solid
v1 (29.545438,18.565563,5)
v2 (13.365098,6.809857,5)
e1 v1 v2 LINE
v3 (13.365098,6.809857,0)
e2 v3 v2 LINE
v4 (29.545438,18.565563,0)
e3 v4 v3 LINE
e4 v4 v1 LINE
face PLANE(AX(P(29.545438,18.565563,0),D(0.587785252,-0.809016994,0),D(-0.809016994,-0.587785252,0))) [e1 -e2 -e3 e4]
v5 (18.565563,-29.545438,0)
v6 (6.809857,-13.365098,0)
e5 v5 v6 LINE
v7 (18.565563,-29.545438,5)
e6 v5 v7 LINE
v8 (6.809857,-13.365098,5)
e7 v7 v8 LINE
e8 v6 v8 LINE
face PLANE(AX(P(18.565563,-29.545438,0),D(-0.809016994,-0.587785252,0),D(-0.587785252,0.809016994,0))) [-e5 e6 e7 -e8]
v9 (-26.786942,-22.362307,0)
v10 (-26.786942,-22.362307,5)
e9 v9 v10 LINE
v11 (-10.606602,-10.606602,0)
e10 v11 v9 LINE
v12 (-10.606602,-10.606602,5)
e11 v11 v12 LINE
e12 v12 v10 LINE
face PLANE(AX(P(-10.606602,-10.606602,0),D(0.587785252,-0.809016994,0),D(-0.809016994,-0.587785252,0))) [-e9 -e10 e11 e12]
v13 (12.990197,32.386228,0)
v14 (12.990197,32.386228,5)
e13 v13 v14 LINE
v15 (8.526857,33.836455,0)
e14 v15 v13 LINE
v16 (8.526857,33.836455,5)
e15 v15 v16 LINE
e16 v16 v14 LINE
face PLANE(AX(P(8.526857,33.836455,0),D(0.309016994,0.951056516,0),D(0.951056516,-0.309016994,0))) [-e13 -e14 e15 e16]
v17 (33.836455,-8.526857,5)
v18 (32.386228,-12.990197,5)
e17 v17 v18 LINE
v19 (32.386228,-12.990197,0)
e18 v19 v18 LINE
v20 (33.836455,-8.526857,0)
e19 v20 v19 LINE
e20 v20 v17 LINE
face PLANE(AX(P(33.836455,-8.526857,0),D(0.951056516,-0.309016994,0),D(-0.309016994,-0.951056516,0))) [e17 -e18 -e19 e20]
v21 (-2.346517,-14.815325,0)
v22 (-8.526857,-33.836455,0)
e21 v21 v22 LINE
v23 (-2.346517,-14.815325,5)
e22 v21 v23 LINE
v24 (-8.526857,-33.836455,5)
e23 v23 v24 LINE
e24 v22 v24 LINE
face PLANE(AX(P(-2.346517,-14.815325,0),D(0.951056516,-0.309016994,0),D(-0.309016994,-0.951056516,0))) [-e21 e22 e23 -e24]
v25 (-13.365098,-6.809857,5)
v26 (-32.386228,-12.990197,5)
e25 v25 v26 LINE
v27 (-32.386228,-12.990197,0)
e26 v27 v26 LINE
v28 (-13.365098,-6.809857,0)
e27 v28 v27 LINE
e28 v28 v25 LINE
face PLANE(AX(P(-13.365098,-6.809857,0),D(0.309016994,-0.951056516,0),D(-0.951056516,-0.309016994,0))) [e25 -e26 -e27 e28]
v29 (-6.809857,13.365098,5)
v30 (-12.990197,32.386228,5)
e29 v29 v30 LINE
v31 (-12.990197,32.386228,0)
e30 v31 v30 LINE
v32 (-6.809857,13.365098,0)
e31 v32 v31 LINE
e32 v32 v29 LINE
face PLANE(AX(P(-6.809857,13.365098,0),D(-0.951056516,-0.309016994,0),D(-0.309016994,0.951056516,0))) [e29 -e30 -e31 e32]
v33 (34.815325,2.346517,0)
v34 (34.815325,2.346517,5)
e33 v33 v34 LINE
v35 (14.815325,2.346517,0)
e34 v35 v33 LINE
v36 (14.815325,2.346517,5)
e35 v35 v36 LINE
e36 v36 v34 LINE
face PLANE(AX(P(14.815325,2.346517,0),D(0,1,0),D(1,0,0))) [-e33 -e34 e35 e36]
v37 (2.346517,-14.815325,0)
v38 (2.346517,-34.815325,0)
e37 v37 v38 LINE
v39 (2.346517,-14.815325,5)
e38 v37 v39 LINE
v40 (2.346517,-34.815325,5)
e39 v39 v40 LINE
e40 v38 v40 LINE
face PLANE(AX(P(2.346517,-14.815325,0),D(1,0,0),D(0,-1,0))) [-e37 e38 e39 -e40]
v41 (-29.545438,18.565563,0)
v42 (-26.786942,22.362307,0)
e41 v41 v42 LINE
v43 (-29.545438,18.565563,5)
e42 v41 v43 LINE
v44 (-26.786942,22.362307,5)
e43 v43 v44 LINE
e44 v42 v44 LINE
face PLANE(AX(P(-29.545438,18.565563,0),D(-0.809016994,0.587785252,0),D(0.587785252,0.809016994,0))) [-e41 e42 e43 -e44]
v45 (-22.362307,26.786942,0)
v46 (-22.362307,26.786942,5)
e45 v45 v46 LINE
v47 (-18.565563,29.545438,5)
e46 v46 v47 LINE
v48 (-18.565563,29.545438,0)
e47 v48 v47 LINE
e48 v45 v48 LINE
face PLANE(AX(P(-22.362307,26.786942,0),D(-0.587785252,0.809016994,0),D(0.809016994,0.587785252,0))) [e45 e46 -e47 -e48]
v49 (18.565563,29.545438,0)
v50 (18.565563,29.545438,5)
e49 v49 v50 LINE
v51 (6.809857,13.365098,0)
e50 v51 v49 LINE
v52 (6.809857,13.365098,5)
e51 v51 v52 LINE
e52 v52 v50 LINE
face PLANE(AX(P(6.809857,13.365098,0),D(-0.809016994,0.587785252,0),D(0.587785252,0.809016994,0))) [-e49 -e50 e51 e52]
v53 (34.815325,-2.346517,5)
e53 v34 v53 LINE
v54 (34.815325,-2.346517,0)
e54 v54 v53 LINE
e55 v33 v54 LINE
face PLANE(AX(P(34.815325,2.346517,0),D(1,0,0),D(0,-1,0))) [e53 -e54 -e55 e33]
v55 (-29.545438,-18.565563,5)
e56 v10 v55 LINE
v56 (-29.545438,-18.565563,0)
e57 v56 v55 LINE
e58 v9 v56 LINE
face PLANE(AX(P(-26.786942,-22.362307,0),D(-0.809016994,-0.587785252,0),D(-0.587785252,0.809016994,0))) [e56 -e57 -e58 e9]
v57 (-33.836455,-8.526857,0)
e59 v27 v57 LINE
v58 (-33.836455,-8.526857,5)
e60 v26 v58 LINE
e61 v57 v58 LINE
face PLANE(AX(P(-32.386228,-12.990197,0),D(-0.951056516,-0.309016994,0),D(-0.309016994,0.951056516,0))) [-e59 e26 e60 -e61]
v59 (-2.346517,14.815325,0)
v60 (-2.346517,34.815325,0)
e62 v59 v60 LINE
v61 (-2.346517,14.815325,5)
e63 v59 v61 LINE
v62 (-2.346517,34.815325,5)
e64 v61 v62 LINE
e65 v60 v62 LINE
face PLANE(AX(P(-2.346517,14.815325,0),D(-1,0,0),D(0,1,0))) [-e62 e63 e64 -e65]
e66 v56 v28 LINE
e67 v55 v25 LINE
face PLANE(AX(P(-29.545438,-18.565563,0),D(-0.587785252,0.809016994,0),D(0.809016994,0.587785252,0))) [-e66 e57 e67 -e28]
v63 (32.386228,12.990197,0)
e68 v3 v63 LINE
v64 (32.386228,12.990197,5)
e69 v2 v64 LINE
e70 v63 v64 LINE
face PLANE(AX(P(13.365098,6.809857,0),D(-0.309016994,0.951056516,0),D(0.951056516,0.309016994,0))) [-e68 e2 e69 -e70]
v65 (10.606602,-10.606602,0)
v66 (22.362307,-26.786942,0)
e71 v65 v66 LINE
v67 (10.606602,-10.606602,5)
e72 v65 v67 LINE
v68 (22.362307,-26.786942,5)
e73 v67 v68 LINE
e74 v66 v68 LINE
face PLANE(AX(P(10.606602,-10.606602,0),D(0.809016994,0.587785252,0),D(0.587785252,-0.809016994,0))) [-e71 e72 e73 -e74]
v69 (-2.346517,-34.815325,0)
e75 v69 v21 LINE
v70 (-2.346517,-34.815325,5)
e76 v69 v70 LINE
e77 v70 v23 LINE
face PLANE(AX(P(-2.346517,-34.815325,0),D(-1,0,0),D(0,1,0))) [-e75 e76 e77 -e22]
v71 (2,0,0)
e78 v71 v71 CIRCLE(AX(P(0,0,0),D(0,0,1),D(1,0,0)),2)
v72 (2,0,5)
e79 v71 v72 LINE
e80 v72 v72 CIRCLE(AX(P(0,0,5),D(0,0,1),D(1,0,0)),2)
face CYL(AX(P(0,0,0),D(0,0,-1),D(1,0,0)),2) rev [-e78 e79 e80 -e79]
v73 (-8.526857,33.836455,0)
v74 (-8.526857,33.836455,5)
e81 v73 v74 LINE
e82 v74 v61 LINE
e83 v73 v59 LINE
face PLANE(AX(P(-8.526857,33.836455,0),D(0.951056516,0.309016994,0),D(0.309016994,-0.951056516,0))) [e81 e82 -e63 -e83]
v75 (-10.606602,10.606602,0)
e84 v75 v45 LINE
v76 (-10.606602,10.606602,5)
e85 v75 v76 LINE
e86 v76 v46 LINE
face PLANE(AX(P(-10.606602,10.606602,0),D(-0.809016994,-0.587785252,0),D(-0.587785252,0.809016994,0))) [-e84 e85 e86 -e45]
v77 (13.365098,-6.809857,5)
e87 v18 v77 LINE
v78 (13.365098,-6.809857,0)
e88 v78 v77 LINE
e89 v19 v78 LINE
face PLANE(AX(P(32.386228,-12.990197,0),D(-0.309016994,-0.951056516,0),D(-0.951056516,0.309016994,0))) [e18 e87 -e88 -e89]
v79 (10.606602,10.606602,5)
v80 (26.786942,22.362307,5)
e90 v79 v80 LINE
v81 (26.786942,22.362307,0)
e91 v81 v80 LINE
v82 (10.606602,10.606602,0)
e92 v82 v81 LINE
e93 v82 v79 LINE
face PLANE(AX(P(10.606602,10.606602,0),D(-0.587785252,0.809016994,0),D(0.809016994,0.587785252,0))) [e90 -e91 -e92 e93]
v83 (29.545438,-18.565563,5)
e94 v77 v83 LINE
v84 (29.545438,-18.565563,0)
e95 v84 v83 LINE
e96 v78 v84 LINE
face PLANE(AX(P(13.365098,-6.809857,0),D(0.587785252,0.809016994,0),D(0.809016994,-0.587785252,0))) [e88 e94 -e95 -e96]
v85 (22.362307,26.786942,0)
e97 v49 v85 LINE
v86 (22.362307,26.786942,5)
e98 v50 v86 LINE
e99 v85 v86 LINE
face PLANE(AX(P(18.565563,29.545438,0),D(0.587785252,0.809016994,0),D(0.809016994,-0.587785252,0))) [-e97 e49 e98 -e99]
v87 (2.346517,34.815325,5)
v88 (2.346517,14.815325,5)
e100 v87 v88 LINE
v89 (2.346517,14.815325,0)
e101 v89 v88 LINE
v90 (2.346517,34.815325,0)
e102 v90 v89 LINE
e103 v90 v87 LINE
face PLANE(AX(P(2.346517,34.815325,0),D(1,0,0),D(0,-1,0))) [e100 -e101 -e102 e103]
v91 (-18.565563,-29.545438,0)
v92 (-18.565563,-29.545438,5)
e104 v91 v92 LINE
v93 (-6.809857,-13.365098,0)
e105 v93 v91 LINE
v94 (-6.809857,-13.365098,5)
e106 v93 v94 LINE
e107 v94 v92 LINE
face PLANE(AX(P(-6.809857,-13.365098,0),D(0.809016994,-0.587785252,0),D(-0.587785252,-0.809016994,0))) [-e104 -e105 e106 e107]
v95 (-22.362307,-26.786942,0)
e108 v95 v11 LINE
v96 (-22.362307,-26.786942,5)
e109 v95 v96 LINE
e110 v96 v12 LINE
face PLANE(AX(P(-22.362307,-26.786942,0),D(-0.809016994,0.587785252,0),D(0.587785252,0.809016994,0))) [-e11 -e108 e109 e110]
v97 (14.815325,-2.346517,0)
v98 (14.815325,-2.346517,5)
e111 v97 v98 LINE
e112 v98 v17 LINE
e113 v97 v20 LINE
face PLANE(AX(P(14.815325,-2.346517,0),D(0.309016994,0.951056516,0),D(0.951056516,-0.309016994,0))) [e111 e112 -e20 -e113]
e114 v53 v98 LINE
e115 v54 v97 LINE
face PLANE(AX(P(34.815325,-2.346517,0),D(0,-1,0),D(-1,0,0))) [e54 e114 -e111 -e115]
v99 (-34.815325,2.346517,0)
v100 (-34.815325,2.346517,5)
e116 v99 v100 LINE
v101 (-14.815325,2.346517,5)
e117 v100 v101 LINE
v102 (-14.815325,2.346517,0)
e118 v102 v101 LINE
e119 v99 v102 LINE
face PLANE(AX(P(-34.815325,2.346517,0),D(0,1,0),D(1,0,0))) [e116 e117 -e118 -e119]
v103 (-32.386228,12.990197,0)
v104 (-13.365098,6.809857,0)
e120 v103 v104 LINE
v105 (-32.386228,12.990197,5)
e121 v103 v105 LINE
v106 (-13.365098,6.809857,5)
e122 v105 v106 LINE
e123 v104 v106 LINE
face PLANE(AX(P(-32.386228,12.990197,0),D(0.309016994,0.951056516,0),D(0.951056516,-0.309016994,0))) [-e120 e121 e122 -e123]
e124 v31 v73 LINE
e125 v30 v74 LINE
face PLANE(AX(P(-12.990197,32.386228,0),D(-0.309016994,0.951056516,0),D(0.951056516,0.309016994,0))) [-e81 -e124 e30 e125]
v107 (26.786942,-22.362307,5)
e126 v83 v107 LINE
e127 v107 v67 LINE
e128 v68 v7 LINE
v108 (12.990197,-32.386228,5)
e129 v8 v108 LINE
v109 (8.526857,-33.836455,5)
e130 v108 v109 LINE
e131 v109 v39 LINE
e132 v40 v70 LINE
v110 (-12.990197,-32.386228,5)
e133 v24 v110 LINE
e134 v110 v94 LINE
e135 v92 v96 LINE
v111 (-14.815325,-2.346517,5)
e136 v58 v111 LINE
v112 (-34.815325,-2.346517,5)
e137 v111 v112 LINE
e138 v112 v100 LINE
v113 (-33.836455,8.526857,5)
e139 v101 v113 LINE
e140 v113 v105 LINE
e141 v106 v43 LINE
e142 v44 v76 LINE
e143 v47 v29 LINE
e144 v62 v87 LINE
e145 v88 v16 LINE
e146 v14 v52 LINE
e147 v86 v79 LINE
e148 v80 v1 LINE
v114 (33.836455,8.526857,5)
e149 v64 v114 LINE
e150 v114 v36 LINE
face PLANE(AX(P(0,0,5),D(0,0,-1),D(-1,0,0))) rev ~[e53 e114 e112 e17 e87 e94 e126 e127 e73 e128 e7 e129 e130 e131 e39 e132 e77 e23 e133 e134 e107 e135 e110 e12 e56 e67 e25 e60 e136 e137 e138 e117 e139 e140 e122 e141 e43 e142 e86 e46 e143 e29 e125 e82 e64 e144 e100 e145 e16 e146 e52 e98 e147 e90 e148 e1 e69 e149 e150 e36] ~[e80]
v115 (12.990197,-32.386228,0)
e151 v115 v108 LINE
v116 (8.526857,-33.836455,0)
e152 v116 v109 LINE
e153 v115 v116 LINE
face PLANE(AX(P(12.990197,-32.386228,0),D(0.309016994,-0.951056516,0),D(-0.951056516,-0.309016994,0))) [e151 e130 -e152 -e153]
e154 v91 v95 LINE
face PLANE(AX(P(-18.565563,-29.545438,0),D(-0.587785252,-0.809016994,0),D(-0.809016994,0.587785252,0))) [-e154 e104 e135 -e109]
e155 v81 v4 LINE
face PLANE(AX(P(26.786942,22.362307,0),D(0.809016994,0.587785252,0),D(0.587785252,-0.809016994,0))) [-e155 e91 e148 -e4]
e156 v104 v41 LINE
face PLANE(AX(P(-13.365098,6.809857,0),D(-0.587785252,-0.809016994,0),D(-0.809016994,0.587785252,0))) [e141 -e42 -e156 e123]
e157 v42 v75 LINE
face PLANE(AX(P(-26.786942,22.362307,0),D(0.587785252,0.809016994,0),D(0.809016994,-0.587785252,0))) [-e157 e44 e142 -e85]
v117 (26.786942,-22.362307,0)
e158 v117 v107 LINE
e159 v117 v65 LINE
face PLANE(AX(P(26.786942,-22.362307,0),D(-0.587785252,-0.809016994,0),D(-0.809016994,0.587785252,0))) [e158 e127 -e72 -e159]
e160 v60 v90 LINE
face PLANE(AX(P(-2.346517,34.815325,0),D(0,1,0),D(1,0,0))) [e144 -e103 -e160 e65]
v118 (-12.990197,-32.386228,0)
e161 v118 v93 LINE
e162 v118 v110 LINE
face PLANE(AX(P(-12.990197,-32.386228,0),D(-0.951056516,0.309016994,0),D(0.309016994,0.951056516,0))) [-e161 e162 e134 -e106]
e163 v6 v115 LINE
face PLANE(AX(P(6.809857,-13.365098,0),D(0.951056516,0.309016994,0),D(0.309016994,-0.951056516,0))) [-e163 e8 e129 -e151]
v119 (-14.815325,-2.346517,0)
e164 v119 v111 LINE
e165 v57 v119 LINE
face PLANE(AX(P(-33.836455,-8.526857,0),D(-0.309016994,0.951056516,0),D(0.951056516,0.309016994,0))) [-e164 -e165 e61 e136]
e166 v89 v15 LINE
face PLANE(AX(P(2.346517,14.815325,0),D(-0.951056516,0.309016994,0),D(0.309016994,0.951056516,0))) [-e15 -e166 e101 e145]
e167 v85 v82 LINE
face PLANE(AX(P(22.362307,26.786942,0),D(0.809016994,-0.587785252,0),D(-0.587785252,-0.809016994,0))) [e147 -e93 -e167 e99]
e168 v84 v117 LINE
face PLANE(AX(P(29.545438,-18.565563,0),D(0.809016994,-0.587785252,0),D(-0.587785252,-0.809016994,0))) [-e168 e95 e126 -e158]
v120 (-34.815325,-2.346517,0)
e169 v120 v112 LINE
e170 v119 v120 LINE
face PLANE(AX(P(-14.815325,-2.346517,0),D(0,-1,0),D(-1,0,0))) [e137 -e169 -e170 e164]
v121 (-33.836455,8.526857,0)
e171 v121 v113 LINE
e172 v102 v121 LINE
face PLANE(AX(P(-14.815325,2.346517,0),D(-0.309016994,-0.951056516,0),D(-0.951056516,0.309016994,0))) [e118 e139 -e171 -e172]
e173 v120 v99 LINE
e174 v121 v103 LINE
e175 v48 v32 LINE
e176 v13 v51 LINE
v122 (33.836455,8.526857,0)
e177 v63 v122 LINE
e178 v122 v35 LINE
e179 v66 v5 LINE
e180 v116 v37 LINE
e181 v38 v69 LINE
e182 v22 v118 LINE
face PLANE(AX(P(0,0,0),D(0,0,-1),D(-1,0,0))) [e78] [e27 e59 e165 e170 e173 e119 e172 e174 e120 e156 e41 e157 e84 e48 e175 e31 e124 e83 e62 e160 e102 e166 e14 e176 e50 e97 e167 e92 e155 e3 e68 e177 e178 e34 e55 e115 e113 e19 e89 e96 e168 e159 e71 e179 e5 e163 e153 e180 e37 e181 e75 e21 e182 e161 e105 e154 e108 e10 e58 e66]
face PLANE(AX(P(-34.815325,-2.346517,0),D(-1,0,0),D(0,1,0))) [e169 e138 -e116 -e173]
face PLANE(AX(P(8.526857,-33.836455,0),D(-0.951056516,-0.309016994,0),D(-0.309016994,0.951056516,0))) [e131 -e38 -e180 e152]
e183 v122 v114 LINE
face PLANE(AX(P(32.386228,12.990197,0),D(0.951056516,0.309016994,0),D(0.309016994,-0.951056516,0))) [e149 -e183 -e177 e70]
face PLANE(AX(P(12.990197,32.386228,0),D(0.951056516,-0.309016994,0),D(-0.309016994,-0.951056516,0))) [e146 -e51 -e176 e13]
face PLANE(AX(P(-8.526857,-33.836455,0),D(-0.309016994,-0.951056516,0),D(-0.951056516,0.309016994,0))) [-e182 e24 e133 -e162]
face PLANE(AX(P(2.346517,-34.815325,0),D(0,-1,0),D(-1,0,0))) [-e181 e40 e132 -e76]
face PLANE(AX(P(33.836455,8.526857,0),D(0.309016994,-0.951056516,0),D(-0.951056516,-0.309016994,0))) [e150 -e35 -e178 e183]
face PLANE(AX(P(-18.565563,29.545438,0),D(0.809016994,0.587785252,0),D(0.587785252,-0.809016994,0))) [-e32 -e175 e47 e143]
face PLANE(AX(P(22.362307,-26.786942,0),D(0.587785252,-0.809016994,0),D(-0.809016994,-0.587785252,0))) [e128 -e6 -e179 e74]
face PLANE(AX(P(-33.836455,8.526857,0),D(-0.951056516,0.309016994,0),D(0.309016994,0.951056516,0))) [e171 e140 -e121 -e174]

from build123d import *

# Parameters (mm, degrees)
ESQUISSE1_R        = 2
BOSS_EXTRU_1_DEPTH = 5


with BuildPart() as part:
    # Esquisse1 → Boss.-Extru.1 (new body)
    with BuildSketch(Plane.XY):
        Polygon((-14.815325109, -2.346516976), (-34.815325109, -2.346516976), (-34.815325109, 2.346516976), (-14.815325109, 2.346516976), (-33.836455435, 8.526856863), (-32.386228189, 12.990197384), (-13.365097863, 6.809857496), (-29.54543775, 18.565562542), (-26.786941605, 22.362306764), (-10.606601718, 10.606601718), (-22.362306764, 26.786941605), (-18.565562542, 29.54543775), (-6.809857496, 13.365097863), (-12.990197384, 32.386228189), (-8.526856863, 33.836455435), (-2.346516976, 14.815325109), (-2.346516976, 34.815325109), (2.346516976, 34.815325109), (2.346516976, 14.815325109), (8.526856863, 33.836455435), (12.990197384, 32.386228189), (6.809857496, 13.365097863), (18.565562542, 29.54543775), (22.362306764, 26.786941605), (10.606601718, 10.606601718), (26.786941605, 22.362306764), (29.54543775, 18.565562542), (13.365097863, 6.809857496), (32.386228189, 12.990197384), (33.836455435, 8.526856863), (14.815325109, 2.346516976), (34.815325109, 2.346516976), (34.815325109, -2.346516976), (14.815325109, -2.346516976), (33.836455435, -8.526856863), (32.386228189, -12.990197384), (13.365097863, -6.809857496), (29.54543775, -18.565562542), (26.786941605, -22.362306764), (10.606601718, -10.606601718), (22.362306764, -26.786941605), (18.565562542, -29.54543775), (6.809857496, -13.365097863), (12.990197384, -32.386228189), (8.526856863, -33.836455435), (2.346516976, -14.815325109), (2.346516976, -34.815325109), (-2.346516976, -34.815325109), (-2.346516976, -14.815325109), (-8.526856863, -33.836455435), (-12.990197384, -32.386228189), (-6.809857496, -13.365097863), (-18.565562542, -29.54543775), (-22.362306764, -26.786941605), (-10.606601718, -10.606601718), (-26.786941605, -22.362306764), (-29.54543775, -18.565562542), (-13.365097863, -6.809857496), (-32.386228189, -12.990197384), (-33.836455435, -8.526856863), align=None)
        Circle(ESQUISSE1_R, mode=Mode.SUBTRACT)
    extrude(amount=BOSS_EXTRU_1_DEPTH)


solid = part.part
